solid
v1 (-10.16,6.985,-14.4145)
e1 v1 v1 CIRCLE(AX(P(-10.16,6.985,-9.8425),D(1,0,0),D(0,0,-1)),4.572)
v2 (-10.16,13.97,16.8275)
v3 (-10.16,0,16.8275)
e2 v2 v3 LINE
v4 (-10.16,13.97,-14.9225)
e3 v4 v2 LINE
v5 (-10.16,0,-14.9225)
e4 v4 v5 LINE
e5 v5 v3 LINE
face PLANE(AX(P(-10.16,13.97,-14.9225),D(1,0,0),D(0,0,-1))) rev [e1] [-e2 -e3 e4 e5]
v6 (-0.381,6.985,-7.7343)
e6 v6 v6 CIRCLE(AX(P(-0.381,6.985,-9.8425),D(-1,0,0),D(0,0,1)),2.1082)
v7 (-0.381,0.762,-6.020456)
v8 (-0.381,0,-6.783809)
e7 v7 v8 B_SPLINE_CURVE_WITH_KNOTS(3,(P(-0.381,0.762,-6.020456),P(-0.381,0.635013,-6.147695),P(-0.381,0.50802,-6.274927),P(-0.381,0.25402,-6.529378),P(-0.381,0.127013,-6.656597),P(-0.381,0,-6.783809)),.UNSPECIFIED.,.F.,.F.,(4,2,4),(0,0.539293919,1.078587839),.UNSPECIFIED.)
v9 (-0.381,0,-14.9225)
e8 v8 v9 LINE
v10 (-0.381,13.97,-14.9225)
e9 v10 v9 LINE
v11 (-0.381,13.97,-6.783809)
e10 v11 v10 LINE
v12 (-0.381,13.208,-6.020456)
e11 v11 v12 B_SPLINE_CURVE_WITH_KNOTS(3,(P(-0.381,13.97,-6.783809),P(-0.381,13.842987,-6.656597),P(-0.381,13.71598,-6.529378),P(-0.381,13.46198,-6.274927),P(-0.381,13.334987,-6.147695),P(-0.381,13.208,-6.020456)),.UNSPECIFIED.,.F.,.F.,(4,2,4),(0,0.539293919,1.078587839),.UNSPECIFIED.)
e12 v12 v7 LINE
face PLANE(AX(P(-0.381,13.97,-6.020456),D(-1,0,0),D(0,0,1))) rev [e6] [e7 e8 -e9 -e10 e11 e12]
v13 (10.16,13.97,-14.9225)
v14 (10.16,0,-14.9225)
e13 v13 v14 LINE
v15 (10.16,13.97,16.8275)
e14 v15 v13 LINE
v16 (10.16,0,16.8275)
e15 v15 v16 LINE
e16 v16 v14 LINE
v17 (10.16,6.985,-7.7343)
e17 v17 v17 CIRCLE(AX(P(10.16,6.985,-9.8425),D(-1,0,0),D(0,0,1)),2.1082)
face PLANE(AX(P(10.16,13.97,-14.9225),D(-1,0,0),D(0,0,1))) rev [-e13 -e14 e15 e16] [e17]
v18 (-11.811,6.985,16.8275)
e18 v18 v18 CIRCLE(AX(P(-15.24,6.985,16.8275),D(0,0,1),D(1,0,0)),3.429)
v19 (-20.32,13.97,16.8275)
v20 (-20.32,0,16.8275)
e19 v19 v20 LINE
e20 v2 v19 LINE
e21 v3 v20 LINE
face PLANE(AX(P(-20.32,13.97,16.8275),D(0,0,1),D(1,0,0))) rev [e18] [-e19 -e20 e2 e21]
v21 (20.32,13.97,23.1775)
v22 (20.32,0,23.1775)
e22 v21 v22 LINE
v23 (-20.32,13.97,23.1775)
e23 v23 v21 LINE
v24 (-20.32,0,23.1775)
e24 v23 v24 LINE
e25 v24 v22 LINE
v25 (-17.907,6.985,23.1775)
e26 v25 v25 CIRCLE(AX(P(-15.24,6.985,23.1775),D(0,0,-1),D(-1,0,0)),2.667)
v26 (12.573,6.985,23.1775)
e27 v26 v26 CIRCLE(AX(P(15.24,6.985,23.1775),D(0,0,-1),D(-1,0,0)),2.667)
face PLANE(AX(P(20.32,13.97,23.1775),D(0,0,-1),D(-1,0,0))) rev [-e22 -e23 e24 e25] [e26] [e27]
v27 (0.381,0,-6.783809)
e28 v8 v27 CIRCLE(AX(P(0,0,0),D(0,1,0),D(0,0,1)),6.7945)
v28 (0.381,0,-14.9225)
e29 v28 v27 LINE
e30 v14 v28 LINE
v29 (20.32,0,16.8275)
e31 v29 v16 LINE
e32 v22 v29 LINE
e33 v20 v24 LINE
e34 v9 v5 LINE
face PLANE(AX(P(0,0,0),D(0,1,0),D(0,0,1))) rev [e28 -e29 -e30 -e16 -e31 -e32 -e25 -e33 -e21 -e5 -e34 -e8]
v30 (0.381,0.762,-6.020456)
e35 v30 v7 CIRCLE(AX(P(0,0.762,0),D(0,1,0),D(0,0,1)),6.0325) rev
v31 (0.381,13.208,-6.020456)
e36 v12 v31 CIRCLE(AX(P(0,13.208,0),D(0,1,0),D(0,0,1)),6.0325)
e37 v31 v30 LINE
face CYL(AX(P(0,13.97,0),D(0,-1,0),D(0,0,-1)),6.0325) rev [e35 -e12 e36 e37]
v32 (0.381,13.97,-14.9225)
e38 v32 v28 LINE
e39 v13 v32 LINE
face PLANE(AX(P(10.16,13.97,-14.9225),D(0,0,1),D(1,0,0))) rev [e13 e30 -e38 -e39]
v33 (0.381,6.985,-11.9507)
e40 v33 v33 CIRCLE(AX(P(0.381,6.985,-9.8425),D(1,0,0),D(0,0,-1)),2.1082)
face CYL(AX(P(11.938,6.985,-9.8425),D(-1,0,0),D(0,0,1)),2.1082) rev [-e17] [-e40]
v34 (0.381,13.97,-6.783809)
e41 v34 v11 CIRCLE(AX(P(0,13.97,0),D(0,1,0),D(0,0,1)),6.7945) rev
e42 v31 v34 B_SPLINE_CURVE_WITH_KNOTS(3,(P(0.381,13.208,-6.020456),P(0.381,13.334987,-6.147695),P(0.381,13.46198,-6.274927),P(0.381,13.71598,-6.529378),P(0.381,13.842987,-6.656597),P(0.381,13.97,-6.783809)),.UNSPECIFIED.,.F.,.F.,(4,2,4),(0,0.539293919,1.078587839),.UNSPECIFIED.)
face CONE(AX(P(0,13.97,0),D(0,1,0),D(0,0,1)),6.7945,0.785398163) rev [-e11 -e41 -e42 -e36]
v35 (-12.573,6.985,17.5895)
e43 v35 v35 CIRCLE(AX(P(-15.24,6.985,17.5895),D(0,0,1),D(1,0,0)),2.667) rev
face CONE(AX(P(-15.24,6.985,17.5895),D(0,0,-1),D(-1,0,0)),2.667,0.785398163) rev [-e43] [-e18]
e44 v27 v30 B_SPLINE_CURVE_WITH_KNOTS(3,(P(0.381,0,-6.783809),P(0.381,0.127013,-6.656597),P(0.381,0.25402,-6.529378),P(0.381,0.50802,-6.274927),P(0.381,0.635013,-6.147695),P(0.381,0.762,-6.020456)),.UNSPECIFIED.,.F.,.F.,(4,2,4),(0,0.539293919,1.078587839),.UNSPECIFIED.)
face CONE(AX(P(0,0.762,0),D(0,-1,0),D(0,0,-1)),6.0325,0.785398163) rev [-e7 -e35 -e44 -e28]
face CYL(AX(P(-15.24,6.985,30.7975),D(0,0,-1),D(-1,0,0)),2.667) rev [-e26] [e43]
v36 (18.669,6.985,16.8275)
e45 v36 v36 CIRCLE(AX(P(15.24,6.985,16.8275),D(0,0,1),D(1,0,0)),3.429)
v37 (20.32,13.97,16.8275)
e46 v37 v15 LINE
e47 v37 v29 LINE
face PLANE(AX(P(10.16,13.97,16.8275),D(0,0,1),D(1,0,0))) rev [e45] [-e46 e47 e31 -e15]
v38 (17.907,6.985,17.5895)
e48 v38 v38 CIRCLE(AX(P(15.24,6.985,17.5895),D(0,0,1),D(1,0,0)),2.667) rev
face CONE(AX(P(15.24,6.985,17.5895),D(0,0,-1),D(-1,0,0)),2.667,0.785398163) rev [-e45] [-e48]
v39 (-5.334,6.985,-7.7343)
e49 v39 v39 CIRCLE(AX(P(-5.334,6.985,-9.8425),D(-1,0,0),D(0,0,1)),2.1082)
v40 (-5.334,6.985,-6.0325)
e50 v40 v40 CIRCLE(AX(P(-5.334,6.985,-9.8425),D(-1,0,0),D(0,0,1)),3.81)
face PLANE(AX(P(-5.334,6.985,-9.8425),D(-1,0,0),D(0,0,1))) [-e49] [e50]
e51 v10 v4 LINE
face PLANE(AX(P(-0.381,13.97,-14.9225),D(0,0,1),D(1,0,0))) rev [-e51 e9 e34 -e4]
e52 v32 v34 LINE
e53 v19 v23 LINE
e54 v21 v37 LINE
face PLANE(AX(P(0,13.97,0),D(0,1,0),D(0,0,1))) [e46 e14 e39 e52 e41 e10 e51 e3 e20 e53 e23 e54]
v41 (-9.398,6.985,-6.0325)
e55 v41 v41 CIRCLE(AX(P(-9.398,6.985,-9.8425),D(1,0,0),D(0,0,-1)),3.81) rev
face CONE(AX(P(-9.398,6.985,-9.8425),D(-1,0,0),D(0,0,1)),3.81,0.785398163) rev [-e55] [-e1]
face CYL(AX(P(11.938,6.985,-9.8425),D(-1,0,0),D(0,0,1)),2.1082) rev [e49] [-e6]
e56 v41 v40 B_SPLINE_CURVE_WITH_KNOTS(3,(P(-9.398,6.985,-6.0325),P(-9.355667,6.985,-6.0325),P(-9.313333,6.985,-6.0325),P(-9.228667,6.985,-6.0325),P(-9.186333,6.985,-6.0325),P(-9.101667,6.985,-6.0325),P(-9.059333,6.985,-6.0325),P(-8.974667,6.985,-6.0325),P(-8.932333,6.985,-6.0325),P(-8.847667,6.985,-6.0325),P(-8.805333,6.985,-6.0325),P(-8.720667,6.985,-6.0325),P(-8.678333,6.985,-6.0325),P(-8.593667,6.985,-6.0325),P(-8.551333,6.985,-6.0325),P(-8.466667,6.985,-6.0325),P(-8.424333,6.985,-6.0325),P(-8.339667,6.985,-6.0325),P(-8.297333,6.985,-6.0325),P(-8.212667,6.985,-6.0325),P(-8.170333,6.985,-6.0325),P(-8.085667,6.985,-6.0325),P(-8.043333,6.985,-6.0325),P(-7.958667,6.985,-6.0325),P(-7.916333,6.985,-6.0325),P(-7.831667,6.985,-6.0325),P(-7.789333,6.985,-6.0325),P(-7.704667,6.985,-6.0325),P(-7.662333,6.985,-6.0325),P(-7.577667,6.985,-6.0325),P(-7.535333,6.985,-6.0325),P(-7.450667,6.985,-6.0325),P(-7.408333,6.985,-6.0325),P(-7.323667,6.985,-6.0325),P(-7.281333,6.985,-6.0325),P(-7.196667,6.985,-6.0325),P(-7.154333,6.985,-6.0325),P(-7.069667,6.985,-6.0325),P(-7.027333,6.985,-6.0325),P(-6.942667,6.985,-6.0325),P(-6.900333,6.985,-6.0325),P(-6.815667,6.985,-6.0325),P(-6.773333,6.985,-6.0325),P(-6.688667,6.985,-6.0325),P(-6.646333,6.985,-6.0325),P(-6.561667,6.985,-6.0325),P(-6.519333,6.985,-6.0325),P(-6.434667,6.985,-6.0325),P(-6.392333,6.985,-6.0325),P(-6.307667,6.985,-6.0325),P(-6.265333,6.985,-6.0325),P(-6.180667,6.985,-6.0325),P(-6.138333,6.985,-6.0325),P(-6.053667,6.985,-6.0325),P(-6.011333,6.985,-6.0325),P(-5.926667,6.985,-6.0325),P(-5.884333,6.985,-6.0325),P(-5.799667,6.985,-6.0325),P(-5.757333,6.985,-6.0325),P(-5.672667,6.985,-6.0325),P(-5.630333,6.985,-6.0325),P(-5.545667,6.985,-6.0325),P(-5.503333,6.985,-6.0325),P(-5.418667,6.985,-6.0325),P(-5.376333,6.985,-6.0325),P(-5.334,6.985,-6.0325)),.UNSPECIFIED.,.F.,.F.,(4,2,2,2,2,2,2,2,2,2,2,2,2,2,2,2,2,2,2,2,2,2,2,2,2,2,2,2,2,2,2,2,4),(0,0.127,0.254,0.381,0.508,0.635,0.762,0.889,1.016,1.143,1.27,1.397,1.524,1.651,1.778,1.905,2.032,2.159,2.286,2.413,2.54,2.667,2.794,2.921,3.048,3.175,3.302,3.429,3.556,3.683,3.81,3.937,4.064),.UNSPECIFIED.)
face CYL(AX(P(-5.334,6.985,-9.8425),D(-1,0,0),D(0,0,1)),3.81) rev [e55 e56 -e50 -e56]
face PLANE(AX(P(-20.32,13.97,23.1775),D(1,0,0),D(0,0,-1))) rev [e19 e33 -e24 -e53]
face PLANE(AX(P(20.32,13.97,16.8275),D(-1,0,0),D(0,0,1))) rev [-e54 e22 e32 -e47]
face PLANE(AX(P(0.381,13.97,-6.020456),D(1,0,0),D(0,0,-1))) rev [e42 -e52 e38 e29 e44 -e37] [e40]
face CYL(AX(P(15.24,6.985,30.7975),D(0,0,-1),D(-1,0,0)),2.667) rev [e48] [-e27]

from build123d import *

# Parameters (mm, degrees)
BOSS_EXTRUDE1_DEPTH = 13.97
SKETCH2_R           = 2.667
CUT_EXTRUDE1_DEPTH  = 13.97
SKETCH3_R           = 3.81
CUT_EXTRUDE2_DEPTH  = 4.826
SKETCH4_R           = 2.1082
CUT_EXTRUDE3_DEPTH  = 17.272
CHAMFER1_SIZE       = 0.762


with BuildPart() as part:
    # Sketch1 → Boss-Extrude1 (new body)
    with BuildSketch(Plane(origin=(0, 0, 0), x_dir=(1, 0, 0), z_dir=(0, 1, 0))):
        with BuildLine():
            Line((10.16, 14.9225), (0.381, 14.9225))
            Line((0.381, 14.9225), (0.381, 6.020456399))
            ThreePointArc((0.381, 6.020456399), (0, -6.0325), (-0.381, 6.020456399))
            Line((-0.381, 6.020456399), (-0.381, 14.9225))
            Line((-0.381, 14.9225), (-10.16, 14.9225))
            Line((-10.16, 14.9225), (-10.16, -16.8275))
            Line((-10.16, -16.8275), (-20.32, -16.8275))
            Line((-20.32, -16.8275), (-20.32, -23.1775))
            Line((-20.32, -23.1775), (20.32, -23.1775))
            Line((20.32, -23.1775), (20.32, -16.8275))
            Line((20.32, -16.8275), (10.16, -16.8275))
            Line((10.16, -16.8275), (10.16, 14.9225))
        make_face()
    extrude(amount=BOSS_EXTRUDE1_DEPTH)

    # Sketch2 → Cut-Extrude1 (cut)
    with BuildSketch(Plane(origin=(0, 0, 16.8275), x_dir=(-1, 0, 0), z_dir=(0, 0, -1))):
        with Locations((-15.24, 6.985)):
            Circle(SKETCH2_R)
        with Locations((15.24, 6.985)):
            Circle(SKETCH2_R)
    extrude(amount=-CUT_EXTRUDE1_DEPTH, mode=Mode.SUBTRACT)

    # Sketch3 → Cut-Extrude2 (cut)
    with BuildSketch(Plane.ZY.offset(10.16)):
        with Locations((-9.8425, 6.985)):
            Circle(SKETCH3_R)
    extrude(amount=-CUT_EXTRUDE2_DEPTH, mode=Mode.SUBTRACT)

    # Sketch4 → Cut-Extrude3 (cut)
    with BuildSketch(Plane.ZY.offset(5.334)):
        with Locations((-9.8425, 6.985)):
            Circle(SKETCH4_R)
    extrude(amount=-CUT_EXTRUDE3_DEPTH, mode=Mode.SUBTRACT)

    # Chamfer1
    chamfer1_edges = [part.edges().sort_by_distance(p)[0] for p in [
        (0, 0, 6.0325),
        (0, 13.97, 6.0325),
        (17.907, 6.985, 16.8275),
        (-12.573, 6.985, 16.8275),
        (-10.16, 6.985, -13.6525),
    ]]
    chamfer(chamfer1_edges, length=CHAMFER1_SIZE)


solid = part.part
